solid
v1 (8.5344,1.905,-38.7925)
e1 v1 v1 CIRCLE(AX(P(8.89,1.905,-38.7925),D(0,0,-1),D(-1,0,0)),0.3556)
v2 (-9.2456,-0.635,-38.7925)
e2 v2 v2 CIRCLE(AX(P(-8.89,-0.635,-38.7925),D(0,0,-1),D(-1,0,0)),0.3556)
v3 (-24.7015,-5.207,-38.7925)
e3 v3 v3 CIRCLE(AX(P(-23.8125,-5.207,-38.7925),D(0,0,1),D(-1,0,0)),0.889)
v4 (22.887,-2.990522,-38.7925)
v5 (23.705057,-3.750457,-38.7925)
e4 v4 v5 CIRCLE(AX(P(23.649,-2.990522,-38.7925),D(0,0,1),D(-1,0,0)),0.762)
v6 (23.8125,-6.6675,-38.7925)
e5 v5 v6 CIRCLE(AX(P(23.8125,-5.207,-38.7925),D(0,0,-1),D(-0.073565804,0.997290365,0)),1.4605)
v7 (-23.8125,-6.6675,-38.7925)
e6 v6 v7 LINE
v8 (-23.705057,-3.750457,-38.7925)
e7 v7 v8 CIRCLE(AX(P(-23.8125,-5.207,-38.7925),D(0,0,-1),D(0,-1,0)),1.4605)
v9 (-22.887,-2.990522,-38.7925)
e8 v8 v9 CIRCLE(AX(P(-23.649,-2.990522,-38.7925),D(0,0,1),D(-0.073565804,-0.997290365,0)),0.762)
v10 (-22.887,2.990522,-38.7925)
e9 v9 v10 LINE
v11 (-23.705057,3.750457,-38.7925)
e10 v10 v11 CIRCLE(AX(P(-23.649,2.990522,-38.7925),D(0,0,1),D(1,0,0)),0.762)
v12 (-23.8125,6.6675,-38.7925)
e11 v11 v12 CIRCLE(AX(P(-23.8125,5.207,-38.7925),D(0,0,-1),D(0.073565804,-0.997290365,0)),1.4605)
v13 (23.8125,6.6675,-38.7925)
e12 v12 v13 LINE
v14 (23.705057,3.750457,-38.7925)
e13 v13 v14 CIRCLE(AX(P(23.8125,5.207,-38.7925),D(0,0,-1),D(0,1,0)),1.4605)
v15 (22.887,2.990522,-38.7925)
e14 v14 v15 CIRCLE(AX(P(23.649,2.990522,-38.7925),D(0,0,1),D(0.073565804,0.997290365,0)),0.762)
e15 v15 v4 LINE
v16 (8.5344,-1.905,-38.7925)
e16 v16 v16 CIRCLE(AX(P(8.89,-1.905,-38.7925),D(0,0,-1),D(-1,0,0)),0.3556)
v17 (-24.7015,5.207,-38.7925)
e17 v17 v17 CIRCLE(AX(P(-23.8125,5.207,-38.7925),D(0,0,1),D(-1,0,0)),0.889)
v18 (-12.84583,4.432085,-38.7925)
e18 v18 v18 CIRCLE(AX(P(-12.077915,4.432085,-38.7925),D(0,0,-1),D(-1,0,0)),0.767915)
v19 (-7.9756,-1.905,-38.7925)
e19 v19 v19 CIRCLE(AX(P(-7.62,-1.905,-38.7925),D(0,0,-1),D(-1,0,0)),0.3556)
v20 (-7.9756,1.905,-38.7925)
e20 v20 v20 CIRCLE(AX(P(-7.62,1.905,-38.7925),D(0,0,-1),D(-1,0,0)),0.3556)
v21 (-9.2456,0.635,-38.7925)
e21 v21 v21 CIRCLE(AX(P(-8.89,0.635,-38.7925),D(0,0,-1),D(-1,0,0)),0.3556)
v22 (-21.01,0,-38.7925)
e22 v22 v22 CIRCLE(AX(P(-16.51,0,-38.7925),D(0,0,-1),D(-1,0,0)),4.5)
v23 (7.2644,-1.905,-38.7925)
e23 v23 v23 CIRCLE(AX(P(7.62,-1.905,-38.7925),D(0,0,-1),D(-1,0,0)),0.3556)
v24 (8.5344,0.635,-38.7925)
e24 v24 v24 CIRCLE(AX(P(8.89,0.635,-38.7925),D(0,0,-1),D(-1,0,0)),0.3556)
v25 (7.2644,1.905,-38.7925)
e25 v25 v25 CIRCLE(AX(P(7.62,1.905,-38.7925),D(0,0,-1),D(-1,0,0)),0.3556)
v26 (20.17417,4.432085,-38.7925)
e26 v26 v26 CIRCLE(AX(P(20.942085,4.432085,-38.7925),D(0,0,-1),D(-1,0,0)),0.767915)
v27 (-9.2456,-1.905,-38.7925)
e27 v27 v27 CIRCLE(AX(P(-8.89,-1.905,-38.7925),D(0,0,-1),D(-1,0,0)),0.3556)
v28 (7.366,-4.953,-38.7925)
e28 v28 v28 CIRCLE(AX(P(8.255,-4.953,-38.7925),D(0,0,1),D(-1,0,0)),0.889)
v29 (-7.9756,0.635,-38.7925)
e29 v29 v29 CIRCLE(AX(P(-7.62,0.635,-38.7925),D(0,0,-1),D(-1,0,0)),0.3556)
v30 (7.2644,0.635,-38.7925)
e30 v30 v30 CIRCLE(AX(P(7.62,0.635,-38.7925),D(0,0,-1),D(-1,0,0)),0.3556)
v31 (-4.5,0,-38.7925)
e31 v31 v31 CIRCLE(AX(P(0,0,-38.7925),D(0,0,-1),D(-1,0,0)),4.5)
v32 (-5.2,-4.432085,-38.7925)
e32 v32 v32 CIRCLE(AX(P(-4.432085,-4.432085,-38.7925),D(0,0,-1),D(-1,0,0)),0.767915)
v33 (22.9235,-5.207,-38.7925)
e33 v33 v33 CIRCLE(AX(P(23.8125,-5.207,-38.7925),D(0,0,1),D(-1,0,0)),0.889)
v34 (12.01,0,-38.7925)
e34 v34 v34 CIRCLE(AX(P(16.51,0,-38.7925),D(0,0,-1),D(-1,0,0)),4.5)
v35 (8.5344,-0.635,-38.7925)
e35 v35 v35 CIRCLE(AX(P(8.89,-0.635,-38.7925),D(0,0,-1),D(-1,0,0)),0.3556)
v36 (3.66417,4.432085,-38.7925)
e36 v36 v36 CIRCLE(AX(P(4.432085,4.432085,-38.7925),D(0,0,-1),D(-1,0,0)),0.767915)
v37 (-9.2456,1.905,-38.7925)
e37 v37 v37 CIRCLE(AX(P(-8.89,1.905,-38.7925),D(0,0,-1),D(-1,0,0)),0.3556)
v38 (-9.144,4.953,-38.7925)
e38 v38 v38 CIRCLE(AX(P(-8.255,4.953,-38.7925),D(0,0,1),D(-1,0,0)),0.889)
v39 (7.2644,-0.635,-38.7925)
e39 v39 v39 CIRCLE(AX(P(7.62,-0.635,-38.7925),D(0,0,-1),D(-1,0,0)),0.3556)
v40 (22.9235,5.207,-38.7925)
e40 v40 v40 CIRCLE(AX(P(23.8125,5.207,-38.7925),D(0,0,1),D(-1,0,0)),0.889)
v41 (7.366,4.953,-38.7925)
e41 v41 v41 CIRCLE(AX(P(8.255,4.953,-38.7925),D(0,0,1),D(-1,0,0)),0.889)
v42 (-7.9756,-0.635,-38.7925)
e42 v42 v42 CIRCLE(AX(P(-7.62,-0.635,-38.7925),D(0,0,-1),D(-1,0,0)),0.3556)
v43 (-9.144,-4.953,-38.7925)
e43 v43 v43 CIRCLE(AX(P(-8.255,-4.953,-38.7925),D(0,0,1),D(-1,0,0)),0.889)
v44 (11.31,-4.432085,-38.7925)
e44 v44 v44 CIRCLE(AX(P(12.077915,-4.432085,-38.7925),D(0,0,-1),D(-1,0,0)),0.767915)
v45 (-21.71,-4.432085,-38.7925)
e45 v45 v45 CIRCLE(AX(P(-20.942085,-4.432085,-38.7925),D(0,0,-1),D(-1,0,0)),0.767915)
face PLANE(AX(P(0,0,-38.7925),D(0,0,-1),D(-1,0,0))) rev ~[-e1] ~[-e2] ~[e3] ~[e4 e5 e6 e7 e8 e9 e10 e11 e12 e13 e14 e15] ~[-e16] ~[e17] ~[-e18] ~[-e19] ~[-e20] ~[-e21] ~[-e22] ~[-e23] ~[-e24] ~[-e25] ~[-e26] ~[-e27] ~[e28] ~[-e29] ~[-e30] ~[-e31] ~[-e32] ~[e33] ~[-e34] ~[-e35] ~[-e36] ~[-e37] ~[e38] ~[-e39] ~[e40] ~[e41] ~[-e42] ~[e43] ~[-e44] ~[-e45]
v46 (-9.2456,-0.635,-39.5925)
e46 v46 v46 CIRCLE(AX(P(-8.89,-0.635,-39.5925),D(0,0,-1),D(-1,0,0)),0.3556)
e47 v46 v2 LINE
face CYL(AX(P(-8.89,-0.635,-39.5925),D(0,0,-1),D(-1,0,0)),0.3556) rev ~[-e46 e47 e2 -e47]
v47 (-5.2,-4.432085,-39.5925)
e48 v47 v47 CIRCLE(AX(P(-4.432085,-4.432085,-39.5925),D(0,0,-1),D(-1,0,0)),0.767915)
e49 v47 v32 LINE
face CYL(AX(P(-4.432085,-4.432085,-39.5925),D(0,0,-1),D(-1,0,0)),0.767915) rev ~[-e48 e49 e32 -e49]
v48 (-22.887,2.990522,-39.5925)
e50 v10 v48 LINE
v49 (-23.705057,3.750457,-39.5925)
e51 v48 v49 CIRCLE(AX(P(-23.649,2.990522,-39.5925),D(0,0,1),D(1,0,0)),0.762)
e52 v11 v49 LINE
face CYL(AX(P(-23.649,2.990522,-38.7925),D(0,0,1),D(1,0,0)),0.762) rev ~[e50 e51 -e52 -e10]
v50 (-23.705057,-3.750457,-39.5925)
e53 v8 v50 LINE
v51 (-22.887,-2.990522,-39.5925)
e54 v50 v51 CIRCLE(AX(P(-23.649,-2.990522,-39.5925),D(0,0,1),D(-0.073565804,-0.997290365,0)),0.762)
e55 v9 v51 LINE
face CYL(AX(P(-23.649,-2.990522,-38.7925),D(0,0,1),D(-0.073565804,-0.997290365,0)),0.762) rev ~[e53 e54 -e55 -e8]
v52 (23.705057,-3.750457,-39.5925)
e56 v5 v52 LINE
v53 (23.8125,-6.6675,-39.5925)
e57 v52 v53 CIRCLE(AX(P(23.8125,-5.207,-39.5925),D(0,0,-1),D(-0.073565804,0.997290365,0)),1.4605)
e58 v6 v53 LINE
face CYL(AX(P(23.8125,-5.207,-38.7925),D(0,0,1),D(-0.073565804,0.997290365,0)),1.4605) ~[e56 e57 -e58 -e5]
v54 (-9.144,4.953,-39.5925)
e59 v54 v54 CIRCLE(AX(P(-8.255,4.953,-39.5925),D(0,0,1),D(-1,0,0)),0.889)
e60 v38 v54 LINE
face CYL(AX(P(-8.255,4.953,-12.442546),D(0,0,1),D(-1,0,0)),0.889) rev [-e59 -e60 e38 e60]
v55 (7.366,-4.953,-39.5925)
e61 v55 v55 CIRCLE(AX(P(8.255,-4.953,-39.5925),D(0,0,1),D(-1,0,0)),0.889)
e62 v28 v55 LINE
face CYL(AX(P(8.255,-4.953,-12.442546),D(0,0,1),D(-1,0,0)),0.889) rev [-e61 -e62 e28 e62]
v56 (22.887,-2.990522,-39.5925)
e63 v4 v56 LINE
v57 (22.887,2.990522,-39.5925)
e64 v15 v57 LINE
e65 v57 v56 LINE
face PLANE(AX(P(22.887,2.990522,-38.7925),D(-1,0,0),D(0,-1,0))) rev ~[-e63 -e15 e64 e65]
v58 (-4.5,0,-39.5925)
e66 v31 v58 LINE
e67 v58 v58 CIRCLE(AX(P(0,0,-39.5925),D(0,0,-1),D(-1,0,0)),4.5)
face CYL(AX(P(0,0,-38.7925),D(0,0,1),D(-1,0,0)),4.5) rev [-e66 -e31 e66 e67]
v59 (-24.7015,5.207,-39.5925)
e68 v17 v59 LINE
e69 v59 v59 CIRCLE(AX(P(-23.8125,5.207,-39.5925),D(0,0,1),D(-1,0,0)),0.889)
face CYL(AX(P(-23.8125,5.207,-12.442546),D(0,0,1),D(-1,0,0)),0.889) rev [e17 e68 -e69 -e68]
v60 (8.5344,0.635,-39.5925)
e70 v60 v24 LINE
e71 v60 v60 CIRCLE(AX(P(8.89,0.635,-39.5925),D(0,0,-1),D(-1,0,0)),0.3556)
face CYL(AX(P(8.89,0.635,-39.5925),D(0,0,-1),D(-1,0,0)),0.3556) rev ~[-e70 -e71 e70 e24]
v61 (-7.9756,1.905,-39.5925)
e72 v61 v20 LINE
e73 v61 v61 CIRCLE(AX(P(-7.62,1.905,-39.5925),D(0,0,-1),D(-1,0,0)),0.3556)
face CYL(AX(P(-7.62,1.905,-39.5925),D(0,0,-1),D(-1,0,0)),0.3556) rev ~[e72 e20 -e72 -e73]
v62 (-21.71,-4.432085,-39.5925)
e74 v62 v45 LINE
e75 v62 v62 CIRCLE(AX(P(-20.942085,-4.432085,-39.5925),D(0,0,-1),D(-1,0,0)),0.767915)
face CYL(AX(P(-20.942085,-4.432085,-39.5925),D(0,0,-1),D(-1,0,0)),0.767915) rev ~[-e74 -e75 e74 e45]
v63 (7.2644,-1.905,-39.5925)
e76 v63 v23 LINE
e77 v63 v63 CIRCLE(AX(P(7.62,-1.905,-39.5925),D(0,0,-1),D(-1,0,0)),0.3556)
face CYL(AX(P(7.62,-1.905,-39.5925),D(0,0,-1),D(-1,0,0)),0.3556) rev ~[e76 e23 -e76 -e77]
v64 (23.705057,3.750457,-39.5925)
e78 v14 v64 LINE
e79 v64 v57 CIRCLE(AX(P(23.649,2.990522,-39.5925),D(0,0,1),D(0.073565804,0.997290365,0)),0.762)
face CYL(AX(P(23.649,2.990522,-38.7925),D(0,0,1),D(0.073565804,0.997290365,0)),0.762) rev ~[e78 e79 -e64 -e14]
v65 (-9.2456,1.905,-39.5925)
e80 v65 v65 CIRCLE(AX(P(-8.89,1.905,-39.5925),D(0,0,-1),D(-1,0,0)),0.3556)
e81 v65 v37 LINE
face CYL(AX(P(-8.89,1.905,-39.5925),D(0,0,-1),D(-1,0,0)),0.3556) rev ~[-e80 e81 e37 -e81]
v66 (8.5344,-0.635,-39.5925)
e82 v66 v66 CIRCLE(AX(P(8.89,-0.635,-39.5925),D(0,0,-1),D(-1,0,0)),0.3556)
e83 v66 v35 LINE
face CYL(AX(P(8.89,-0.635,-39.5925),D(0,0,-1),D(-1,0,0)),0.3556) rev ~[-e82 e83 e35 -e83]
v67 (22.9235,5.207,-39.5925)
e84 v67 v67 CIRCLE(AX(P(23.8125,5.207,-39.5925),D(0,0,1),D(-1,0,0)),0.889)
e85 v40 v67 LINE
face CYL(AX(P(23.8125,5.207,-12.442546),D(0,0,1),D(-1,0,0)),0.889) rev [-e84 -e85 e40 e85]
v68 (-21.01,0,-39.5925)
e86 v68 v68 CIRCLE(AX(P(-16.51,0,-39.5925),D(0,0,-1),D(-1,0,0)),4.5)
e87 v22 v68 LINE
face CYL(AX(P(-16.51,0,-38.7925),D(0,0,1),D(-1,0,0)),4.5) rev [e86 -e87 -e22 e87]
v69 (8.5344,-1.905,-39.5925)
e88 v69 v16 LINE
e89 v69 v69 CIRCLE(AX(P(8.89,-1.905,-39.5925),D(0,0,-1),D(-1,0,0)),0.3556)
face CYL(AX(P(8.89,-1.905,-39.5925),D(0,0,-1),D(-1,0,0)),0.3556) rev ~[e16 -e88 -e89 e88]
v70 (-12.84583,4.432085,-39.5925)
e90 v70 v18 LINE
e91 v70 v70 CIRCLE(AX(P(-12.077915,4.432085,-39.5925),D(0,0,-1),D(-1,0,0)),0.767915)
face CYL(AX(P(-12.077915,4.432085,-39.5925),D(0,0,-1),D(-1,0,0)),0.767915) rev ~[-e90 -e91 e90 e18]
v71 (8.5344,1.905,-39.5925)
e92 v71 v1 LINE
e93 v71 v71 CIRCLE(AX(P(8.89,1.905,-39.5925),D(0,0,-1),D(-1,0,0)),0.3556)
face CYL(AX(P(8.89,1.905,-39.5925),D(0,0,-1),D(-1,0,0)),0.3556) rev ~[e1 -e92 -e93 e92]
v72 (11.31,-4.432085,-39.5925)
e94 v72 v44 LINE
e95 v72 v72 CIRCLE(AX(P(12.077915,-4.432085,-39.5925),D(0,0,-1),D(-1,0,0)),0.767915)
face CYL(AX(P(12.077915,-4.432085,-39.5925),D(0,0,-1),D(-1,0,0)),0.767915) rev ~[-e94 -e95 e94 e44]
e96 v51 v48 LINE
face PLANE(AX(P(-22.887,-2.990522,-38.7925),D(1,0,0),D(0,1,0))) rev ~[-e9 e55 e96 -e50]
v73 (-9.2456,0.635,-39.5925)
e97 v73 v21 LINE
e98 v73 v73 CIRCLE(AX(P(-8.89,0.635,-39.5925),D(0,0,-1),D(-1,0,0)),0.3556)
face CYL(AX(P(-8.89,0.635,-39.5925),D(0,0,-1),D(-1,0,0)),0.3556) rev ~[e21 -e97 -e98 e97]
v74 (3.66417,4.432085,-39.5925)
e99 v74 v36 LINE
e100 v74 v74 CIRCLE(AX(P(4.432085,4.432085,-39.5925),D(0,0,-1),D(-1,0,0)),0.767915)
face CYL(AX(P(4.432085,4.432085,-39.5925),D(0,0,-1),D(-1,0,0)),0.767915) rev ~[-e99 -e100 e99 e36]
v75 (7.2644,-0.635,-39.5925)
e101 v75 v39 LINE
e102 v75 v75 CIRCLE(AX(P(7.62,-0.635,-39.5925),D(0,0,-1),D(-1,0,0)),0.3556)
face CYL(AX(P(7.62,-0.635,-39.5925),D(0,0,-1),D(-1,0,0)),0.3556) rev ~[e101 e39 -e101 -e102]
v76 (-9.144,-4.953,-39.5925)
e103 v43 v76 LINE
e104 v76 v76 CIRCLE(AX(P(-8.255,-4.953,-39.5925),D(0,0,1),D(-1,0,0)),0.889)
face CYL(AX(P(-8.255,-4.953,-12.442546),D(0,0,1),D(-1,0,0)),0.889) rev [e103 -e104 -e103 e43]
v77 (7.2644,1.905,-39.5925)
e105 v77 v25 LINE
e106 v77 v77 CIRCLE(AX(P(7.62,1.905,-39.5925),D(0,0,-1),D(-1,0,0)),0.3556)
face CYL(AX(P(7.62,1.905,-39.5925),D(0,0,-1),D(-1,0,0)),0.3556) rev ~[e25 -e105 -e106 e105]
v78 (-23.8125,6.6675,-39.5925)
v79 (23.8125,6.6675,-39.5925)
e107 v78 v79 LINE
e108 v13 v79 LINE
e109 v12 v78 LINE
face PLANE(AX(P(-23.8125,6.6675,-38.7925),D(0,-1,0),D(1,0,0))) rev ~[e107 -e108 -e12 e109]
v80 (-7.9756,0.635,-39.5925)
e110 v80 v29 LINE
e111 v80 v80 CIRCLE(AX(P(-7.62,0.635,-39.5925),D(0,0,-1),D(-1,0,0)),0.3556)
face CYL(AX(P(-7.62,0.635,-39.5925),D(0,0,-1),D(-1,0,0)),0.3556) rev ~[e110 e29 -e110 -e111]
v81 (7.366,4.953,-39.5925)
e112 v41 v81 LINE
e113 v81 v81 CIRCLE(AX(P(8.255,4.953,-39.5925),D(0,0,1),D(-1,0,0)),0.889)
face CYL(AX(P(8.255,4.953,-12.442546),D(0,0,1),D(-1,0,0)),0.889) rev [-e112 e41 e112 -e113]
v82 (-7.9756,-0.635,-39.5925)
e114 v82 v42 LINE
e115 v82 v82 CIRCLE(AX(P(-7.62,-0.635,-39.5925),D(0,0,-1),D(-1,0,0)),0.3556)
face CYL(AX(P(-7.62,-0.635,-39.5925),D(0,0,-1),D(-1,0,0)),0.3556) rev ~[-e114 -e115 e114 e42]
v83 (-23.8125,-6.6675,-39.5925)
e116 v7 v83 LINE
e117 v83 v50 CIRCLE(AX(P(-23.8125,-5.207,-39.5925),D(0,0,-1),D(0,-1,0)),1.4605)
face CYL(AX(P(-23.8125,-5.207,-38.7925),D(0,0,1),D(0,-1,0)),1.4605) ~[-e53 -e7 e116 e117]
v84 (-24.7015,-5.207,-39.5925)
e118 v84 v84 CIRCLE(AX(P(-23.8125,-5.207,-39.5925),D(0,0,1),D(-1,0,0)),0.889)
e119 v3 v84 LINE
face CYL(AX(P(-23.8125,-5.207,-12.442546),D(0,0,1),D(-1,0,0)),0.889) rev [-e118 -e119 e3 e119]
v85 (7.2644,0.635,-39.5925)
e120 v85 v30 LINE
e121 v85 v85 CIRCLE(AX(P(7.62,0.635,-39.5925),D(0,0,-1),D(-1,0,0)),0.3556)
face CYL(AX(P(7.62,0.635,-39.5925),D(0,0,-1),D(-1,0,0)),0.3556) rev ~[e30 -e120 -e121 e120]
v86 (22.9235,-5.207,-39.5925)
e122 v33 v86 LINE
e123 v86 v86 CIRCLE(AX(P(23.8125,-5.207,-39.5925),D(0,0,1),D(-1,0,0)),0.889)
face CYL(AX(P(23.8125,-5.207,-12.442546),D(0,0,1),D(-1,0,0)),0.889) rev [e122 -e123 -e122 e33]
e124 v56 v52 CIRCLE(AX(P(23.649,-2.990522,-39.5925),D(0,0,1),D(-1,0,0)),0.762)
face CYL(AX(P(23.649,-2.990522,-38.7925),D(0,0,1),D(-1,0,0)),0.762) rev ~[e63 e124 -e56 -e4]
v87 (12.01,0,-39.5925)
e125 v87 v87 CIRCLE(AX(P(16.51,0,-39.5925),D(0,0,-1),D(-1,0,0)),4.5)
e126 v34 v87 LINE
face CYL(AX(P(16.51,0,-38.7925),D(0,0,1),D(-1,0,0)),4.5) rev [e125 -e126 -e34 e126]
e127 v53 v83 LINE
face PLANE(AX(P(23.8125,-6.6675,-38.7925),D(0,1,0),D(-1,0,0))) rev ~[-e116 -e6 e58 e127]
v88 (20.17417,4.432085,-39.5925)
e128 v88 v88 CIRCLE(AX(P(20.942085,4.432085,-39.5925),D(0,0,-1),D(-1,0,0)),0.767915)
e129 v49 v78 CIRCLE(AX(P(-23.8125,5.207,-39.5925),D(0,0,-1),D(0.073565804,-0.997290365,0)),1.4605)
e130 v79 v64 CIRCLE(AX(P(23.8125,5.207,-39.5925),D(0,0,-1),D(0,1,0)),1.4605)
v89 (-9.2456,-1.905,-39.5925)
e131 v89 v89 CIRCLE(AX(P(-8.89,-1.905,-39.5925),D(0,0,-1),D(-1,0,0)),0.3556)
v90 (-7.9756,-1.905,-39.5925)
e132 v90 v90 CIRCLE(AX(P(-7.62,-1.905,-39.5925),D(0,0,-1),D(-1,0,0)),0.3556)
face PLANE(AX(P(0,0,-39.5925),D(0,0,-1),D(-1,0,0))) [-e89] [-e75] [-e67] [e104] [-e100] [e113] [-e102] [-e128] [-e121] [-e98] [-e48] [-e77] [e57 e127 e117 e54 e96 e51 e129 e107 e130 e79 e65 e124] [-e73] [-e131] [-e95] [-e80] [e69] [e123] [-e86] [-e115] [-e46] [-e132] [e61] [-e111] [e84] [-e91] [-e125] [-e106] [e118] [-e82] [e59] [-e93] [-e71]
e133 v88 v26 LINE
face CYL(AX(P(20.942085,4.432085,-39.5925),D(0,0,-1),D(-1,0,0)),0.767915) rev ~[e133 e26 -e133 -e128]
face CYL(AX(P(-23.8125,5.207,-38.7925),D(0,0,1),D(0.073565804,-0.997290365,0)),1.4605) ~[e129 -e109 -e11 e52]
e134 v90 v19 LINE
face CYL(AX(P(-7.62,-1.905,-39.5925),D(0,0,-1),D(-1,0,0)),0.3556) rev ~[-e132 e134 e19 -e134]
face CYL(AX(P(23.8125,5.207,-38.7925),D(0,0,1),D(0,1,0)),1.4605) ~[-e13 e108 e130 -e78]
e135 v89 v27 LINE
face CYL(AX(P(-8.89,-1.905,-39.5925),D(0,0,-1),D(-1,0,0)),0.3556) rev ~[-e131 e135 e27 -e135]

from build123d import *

# Parameters (mm, degrees)
SKETCH1_R               = 4.5
BOSS_EXTRUDE1_DEPTH     = 0.8
SKETCH2_R               = 0.767914883
SKETCH2_R_2             = 0.3556
SKETCH2_R_3             = 4.5
CUT_EXTRUDE1_DEPTH      = 27.149953829
CUT_EXTRUDE2_DEPTH      = 27.149953829
CUT_EXTRUDE2_DEPTH_BACK = 27.149953829
SKETCH3_R               = 0.889


with BuildPart() as part:
    # Sketch1 → Boss-Extrude1 (new body)
    with BuildSketch(Plane(origin=(0, 0, -38.7925), x_dir=(-1, 0, 0), z_dir=(0, 0, -1))):
        with BuildLine():
            Line((23.8125, 6.6675), (-23.8125, 6.6675))
            ThreePointArc((-23.8125, 6.6675), (-25.272010309, 5.153242143), (-23.705057143, 3.750457422))
            ThreePointArc((-23.705057143, 3.750457422), (-23.130382387, 3.548805041), (-22.887, 2.990522163))
            Line((-22.887, 2.990522163), (-22.887, -2.990522163))
            ThreePointArc((-22.887, -2.990522163), (-23.130382387, -3.548805041), (-23.705057143, -3.750457422))
            ThreePointArc((-23.705057143, -3.750457422), (-25.272010309, -5.153242143), (-23.8125, -6.6675))
            Line((-23.8125, -6.6675), (23.8125, -6.6675))
            ThreePointArc((23.8125, -6.6675), (25.272010309, -5.153242143), (23.705057143, -3.750457422))
            ThreePointArc((23.705057143, -3.750457422), (23.130382387, -3.548805041), (22.887, -2.990522163))
            Line((22.887, -2.990522163), (22.887, 2.990522163))
            ThreePointArc((22.887, 2.990522163), (23.130382387, 3.548805041), (23.705057143, 3.750457422))
            ThreePointArc((23.705057143, 3.750457422), (25.272010309, 5.153242143), (23.8125, 6.6675))
        make_face()
        with Locations((16.51, 0)):
            Circle(SKETCH1_R, mode=Mode.SUBTRACT)
        Circle(SKETCH1_R, mode=Mode.SUBTRACT)
        with Locations((-16.51, 0)):
            Circle(SKETCH1_R, mode=Mode.SUBTRACT)
    extrude(amount=BOSS_EXTRUDE1_DEPTH)

    # Sketch2 → Cut-Extrude1 (cut, through all)
    with BuildSketch(Plane(origin=(0, 0, -39.5925), x_dir=(-1, 0, 0), z_dir=(0, 0, -1))):
        with Locations((-12.077914883, -4.432085117)):
            Circle(SKETCH2_R)
        with Locations((-20.942085117, 4.432085117)):
            Circle(SKETCH2_R)
        with Locations((-4.432085117, 4.432085117)):
            Circle(SKETCH2_R)
        with Locations((-7.62, -1.905)):
            Circle(SKETCH2_R_2)
        with Locations((20.942085117, -4.432085117)):
            Circle(SKETCH2_R)
        with Locations((12.077914883, 4.432085117)):
            Circle(SKETCH2_R)
        with Locations((4.432085117, -4.432085117)):
            Circle(SKETCH2_R)
        with Locations((-8.89, -1.905)):
            Circle(SKETCH2_R_2)
        with Locations((-7.62, 1.905)):
            Circle(SKETCH2_R_2)
        with Locations((-8.89, 1.905)):
            Circle(SKETCH2_R_2)
        with Locations((-7.62, 0.635)):
            Circle(SKETCH2_R_2)
        with Locations((-8.89, 0.635)):
            Circle(SKETCH2_R_2)
        Circle(SKETCH2_R_3)
        with Locations((-7.62, -0.635)):
            Circle(SKETCH2_R_2)
        with Locations((-8.89, -0.635)):
            Circle(SKETCH2_R_2)
        with Locations((8.89, 1.905)):
            Circle(SKETCH2_R_2)
        with Locations((7.62, 1.905)):
            Circle(SKETCH2_R_2)
        with Locations((8.89, -1.905)):
            Circle(SKETCH2_R_2)
        with Locations((7.62, -1.905)):
            Circle(SKETCH2_R_2)
        with Locations((8.89, -0.635)):
            Circle(SKETCH2_R_2)
        with Locations((7.62, -0.635)):
            Circle(SKETCH2_R_2)
        with Locations((8.89, 0.635)):
            Circle(SKETCH2_R_2)
        with Locations((7.62, 0.635)):
            Circle(SKETCH2_R_2)
    extrude(amount=-CUT_EXTRUDE1_DEPTH, mode=Mode.SUBTRACT)

    # Sketch3 → Cut-Extrude2 (cut, two sides: drawn at the far end of the back side and taken through both)
    with BuildSketch(Plane(origin=(0, 0, -39.5925), x_dir=(-1, 0, 0), z_dir=(0, 0, -1)).offset(-CUT_EXTRUDE2_DEPTH_BACK)):
        with Locations((-23.8125, 5.207)):
            Circle(SKETCH3_R)
        with Locations((-23.8125, -5.207)):
            Circle(SKETCH3_R)
        with Locations((23.8125, 5.207)):
            Circle(SKETCH3_R)
        with Locations((23.8125, -5.207)):
            Circle(SKETCH3_R)
        with Locations((-8.255, 4.953)):
            Circle(SKETCH3_R)
        with Locations((8.255, 4.953)):
            Circle(SKETCH3_R)
        with Locations((8.255, -4.953)):
            Circle(SKETCH3_R)
        with Locations((-8.255, -4.953)):
            Circle(SKETCH3_R)
    extrude(amount=CUT_EXTRUDE2_DEPTH + CUT_EXTRUDE2_DEPTH_BACK, mode=Mode.SUBTRACT)


solid = part.part
